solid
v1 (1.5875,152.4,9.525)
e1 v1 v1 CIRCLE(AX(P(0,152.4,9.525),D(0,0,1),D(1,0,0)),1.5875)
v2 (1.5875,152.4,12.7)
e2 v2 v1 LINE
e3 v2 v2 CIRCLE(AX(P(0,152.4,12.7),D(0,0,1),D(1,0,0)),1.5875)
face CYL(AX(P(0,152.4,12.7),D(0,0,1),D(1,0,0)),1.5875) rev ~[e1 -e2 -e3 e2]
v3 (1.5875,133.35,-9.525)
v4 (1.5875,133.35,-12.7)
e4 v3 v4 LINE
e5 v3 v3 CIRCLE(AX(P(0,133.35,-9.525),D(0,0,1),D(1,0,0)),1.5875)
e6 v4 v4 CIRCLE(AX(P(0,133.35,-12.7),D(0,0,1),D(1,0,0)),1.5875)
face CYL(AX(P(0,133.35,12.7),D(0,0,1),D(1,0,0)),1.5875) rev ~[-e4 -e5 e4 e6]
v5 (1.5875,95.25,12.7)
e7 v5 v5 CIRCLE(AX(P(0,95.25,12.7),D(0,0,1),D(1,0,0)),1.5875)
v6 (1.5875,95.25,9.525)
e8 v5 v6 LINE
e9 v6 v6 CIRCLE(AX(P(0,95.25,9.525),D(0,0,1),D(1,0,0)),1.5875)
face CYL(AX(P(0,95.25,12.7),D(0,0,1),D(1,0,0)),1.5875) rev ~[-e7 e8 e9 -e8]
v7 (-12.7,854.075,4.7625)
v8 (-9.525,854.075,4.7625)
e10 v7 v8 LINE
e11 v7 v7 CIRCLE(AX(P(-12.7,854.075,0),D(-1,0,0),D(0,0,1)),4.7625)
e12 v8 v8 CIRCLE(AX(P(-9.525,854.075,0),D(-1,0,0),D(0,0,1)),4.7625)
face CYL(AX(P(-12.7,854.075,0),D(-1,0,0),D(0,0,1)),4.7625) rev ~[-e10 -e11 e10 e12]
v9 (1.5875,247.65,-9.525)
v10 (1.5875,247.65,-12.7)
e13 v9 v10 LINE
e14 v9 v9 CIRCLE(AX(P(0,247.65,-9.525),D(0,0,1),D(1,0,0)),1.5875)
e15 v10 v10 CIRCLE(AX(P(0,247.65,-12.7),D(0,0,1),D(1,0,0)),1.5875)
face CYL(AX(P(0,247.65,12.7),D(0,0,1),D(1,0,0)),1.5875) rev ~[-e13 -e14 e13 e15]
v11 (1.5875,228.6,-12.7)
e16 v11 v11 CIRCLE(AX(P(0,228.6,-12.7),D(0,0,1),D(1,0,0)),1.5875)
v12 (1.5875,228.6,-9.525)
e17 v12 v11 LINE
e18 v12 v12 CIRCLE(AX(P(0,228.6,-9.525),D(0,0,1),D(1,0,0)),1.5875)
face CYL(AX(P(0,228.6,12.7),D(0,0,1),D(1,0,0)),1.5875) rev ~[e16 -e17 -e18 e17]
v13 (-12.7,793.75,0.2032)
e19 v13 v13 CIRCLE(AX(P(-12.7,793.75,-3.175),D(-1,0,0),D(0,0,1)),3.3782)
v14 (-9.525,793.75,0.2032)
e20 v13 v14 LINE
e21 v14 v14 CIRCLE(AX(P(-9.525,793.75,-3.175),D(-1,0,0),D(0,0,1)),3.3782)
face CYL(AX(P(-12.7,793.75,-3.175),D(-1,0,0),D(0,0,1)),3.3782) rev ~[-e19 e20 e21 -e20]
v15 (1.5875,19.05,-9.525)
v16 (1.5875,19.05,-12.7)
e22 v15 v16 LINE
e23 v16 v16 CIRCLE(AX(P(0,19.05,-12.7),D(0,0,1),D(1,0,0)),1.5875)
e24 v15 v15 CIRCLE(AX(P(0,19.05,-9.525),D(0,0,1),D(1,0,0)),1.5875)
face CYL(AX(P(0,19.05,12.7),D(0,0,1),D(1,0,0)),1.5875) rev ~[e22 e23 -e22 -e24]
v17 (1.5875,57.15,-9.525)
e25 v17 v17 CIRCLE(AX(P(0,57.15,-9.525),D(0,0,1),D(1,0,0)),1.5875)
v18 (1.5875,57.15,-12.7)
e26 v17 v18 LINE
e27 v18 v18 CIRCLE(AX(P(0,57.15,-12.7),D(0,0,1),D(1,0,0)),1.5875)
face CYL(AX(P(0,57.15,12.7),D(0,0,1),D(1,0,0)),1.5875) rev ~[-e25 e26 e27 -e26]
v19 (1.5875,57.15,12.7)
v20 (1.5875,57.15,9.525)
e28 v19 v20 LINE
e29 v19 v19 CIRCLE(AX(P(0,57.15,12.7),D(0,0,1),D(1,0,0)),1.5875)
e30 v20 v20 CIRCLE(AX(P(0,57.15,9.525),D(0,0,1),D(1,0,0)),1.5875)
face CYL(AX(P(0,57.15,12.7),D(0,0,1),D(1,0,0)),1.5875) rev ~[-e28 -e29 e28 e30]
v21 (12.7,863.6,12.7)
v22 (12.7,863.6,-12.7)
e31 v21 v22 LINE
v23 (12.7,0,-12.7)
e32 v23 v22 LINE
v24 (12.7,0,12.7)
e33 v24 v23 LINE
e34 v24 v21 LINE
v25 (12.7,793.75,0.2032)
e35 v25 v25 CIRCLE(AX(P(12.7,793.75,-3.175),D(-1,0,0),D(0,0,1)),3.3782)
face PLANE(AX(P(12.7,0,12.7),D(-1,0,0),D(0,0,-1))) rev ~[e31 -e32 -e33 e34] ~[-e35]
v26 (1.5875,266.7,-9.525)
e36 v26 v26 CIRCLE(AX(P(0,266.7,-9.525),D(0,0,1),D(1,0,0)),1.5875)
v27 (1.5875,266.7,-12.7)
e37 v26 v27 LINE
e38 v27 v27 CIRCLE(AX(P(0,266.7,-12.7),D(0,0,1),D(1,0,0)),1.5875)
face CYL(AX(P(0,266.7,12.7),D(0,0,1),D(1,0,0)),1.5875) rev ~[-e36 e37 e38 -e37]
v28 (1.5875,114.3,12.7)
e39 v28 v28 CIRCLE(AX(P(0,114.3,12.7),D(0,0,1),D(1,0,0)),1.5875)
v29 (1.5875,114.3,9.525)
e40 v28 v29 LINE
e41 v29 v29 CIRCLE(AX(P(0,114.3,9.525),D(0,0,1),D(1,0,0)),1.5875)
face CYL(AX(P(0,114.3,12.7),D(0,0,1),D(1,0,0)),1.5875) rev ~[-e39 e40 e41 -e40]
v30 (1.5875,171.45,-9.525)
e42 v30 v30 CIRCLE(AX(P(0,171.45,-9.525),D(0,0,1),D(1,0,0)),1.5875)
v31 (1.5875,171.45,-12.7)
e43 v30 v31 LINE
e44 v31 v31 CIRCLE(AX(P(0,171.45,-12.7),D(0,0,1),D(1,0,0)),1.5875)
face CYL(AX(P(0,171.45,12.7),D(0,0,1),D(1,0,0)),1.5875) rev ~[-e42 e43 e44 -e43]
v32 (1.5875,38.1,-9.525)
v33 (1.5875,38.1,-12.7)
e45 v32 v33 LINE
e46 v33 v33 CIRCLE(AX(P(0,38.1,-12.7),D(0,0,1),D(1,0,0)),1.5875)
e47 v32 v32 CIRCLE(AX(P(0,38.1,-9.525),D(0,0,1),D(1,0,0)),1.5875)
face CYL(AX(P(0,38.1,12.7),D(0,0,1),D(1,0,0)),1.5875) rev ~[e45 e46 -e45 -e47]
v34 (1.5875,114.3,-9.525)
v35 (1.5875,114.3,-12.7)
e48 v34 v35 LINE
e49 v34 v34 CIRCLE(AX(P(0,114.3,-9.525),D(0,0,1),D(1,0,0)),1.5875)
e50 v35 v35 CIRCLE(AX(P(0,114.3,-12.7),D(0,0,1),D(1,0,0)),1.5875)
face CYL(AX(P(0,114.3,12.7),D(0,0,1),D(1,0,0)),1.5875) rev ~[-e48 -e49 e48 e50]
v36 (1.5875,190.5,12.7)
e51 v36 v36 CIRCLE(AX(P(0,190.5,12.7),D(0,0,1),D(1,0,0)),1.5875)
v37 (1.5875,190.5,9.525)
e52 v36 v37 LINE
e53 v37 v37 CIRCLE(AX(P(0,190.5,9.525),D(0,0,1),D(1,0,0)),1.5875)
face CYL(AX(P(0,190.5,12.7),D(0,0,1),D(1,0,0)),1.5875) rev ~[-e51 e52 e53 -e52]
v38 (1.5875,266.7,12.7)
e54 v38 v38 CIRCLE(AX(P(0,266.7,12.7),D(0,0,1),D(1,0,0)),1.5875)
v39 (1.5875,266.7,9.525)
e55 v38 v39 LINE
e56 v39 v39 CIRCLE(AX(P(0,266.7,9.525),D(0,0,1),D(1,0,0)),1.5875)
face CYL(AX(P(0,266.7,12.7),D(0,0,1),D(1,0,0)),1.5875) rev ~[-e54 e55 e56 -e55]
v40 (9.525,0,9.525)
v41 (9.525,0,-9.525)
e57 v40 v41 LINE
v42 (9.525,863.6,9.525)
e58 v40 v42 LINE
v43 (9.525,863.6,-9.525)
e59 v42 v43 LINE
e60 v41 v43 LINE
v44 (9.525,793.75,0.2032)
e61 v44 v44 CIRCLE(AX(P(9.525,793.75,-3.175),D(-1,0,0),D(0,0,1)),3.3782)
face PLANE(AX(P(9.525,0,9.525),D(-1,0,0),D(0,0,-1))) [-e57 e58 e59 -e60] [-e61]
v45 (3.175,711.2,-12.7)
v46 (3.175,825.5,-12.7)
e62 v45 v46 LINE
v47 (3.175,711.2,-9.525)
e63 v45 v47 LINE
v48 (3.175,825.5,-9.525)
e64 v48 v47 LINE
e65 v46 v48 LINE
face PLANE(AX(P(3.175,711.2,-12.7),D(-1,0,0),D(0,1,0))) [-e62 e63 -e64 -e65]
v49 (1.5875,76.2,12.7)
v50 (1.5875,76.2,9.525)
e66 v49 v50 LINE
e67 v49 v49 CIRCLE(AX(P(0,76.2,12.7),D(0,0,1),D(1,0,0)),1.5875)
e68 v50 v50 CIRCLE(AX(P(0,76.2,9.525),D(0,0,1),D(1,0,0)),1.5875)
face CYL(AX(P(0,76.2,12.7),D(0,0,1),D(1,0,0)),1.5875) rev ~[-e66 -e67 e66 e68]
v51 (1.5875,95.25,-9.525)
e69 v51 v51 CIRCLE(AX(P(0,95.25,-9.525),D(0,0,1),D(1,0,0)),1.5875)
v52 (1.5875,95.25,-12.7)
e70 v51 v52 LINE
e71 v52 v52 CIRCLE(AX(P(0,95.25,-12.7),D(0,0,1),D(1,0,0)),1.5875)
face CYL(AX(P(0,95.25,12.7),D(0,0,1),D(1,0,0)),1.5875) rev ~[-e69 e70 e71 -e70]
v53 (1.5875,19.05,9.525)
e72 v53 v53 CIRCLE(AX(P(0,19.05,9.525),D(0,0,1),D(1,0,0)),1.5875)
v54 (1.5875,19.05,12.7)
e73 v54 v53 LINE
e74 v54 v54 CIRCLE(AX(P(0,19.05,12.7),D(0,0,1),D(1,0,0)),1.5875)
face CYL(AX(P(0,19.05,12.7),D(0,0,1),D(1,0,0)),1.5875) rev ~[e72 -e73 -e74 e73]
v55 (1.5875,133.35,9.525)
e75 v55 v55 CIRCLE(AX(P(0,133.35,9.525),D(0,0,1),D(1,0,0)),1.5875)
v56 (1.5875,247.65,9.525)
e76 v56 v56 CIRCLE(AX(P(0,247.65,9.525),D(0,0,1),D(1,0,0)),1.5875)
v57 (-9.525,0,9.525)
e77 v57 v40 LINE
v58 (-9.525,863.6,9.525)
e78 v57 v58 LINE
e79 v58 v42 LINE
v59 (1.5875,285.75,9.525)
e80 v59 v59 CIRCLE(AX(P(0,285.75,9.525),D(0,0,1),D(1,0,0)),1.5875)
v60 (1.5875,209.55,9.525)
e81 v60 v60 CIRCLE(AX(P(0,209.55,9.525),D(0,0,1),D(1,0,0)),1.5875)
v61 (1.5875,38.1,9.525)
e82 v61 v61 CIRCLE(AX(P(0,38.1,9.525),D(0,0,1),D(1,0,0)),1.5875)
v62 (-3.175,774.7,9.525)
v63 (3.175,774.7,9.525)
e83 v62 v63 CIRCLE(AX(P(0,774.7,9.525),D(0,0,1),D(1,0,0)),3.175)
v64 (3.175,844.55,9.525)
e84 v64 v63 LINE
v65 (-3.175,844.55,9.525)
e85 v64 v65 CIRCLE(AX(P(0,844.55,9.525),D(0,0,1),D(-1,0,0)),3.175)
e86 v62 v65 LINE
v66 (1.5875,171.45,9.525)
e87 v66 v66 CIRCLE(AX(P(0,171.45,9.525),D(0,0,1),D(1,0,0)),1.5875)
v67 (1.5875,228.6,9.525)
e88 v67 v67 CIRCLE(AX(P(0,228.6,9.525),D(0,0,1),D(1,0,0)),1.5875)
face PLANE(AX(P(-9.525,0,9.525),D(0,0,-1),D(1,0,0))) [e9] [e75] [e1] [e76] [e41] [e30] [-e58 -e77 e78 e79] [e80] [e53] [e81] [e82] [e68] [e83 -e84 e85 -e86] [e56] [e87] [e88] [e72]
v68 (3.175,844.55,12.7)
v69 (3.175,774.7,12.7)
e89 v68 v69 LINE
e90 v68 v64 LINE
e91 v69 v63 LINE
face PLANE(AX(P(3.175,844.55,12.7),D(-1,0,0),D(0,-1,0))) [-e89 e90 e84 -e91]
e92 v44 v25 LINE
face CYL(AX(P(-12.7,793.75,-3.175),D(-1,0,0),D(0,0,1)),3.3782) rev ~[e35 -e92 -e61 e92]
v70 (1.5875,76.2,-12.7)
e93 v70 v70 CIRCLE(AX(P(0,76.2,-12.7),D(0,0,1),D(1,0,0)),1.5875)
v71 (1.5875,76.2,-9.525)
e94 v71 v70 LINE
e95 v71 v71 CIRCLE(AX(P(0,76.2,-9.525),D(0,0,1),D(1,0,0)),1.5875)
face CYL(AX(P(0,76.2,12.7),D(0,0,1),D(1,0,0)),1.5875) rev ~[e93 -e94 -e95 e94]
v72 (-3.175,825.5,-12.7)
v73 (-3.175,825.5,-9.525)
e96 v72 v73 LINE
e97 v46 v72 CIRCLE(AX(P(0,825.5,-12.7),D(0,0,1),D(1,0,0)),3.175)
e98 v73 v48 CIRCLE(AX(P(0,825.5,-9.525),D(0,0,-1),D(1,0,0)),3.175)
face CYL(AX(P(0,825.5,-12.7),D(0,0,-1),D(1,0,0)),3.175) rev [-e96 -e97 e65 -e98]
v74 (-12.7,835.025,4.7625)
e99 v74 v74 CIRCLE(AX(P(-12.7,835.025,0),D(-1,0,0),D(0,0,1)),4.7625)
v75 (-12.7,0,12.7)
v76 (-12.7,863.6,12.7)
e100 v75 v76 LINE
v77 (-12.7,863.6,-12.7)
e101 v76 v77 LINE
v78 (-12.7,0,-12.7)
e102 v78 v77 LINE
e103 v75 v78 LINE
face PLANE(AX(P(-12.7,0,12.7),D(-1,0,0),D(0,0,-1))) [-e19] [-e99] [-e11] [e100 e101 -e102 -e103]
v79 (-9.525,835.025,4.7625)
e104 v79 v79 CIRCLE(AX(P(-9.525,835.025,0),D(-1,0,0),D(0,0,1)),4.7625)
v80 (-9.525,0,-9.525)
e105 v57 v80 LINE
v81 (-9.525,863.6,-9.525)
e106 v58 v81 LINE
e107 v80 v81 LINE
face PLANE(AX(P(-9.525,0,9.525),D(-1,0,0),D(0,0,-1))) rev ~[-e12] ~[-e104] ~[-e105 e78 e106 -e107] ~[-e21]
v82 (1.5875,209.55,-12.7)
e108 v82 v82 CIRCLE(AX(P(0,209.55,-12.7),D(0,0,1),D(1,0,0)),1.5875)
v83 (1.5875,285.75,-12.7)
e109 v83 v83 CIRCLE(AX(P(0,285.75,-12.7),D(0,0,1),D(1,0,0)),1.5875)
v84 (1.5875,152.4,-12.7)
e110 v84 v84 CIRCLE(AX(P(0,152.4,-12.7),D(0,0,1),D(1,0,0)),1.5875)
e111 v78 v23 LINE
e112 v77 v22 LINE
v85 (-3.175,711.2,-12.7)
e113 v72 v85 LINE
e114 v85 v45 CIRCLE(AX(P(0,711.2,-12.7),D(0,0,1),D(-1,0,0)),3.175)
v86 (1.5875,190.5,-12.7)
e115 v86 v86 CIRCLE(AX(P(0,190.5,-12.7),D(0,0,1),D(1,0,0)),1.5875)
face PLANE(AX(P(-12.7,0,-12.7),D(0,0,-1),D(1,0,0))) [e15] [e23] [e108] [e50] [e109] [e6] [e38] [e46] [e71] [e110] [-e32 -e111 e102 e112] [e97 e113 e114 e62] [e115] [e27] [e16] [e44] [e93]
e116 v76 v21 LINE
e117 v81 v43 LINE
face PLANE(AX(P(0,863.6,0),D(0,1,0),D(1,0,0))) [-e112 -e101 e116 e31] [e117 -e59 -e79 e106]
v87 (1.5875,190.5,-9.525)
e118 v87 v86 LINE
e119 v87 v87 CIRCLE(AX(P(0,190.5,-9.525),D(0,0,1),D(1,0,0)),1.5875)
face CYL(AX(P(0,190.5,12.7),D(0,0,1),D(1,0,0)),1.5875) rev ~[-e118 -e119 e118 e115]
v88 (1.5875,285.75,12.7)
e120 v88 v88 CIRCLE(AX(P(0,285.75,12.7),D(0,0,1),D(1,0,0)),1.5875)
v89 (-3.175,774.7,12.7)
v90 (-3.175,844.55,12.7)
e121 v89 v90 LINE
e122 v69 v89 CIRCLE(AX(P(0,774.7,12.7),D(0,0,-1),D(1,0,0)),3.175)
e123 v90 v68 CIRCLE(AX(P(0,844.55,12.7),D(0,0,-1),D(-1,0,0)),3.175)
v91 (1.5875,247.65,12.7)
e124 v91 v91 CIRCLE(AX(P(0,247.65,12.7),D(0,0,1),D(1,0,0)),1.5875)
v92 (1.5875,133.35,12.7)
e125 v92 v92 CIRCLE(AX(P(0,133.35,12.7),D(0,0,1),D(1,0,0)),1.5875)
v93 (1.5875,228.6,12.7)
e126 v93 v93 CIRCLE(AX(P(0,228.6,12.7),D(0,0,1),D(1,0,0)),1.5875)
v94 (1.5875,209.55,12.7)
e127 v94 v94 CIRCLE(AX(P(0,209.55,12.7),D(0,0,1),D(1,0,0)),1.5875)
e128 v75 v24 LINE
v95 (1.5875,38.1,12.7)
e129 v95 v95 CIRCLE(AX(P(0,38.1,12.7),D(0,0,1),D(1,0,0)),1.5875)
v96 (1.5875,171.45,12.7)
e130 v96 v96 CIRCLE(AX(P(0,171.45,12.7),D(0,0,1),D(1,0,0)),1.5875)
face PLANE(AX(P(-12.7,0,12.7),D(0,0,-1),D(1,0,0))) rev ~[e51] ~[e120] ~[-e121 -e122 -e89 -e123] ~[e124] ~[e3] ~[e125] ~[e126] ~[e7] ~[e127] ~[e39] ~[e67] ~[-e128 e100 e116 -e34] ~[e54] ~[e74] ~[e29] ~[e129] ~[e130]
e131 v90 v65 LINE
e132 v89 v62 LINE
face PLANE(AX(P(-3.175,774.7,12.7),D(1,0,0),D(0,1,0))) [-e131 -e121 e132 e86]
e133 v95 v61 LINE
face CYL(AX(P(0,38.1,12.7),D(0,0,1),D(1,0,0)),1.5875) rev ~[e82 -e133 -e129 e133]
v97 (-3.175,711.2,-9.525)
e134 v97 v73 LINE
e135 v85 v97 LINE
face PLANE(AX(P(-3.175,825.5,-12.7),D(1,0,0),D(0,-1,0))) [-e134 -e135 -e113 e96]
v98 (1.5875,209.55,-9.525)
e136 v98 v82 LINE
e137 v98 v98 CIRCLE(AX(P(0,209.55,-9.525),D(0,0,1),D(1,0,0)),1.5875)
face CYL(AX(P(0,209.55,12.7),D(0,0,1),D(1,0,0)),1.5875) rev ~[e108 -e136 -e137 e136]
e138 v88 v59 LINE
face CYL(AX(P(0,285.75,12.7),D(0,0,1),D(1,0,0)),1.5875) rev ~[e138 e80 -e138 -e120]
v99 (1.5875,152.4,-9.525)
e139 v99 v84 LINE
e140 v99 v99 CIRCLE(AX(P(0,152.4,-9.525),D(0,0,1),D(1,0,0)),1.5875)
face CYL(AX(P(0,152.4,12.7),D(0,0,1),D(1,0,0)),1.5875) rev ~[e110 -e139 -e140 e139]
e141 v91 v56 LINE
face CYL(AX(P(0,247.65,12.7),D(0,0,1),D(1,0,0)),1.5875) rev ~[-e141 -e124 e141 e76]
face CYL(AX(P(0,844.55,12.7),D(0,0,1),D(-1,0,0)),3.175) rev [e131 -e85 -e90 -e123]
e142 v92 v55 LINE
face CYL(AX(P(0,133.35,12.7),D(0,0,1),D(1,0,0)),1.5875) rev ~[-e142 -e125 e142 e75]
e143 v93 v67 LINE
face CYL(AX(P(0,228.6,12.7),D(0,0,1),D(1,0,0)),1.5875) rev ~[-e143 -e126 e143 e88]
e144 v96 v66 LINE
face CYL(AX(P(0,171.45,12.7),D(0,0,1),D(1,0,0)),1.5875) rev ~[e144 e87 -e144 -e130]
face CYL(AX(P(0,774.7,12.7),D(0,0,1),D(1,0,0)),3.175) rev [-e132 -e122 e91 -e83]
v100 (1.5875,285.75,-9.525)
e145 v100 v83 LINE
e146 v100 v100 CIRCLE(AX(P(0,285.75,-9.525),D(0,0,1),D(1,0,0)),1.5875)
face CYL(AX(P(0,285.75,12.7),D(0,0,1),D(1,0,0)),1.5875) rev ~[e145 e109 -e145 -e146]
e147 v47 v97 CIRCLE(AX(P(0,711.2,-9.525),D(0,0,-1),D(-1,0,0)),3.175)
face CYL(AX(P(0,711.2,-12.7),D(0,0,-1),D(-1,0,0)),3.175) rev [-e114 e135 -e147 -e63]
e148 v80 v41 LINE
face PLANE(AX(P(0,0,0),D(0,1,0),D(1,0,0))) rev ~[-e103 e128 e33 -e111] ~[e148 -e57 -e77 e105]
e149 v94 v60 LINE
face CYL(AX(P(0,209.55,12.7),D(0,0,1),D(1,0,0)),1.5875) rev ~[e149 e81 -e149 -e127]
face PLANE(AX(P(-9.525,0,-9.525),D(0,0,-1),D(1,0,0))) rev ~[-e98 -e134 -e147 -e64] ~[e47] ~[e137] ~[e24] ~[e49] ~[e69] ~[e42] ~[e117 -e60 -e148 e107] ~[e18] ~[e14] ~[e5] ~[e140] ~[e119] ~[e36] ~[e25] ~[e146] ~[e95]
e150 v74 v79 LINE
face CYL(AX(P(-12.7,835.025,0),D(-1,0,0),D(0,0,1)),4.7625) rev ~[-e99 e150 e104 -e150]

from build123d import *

# Parameters (mm, degrees)
SKETCH1_W           = 25.4
SKETCH1_H           = 25.4
SKETCH1_W_2         = 19.05
SKETCH1_H_2         = 19.05
BOSS_EXTRUDE1_DEPTH = 863.6
CUT_EXTRUDE1_REACH  = 866.067
CUT_EXTRUDE2_REACH  = 866.067
SKETCH4_R           = 3.3782
CUT_EXTRUDE3_DEPTH  = 865.066785613
CUT_EXTRUDE4_REACH  = 866.067
SKETCH5_R           = 4.7625
SKETCH6_R           = 1.5875
CUT_EXTRUDE5_DEPTH  = 865.066785613


with BuildPart() as part:
    # Sketch1 → Boss-Extrude1 (new body)
    with BuildSketch(Plane(origin=(0, 0, 0), x_dir=(1, 0, 0), z_dir=(0, 1, 0))):
        Rectangle(SKETCH1_W, SKETCH1_H)
        Rectangle(SKETCH1_W_2, SKETCH1_H_2, mode=Mode.SUBTRACT)
    extrude(amount=BOSS_EXTRUDE1_DEPTH)

    # Sketch2 → Cut-Extrude1 (cut, up to next)
    with BuildSketch(Plane(origin=(0, 0, -12.7), x_dir=(-1, 0, 0), z_dir=(0, 0, -1)), mode=Mode.PRIVATE) as cut_extrude1_sk1:
        with BuildLine():
            Line((-3.175, 711.2), (-3.175, 825.5))
            ThreePointArc((-3.175, 825.5), (0, 828.675), (3.175, 825.5))
            Line((3.175, 825.5), (3.175, 711.2))
            ThreePointArc((3.175, 711.2), (0, 708.025), (-3.175, 711.2))
        make_face()
    cut_extrude1_tool1 = extrude(cut_extrude1_sk1.sketch, amount=-CUT_EXTRUDE1_REACH, mode=Mode.PRIVATE) & part.part
    add(cut_extrude1_tool1.solids().sort_by_distance((0, 768.35, -12.7))[0], mode=Mode.SUBTRACT)

    # Sketch3 → Cut-Extrude2 (cut, up to next)
    with BuildSketch(Plane.XY.offset(12.7), mode=Mode.PRIVATE) as cut_extrude2_sk1:
        with BuildLine():
            Line((3.175, 844.55), (3.175, 774.7))
            ThreePointArc((3.175, 774.7), (0, 771.525), (-3.175, 774.7))
            Line((-3.175, 774.7), (-3.175, 844.55))
            ThreePointArc((-3.175, 844.55), (0, 847.725), (3.175, 844.55))
        make_face()
    cut_extrude2_tool1 = extrude(cut_extrude2_sk1.sketch, amount=-CUT_EXTRUDE2_REACH, mode=Mode.PRIVATE) & part.part
    add(cut_extrude2_tool1.solids().sort_by_distance((0, 809.625, 12.7))[0], mode=Mode.SUBTRACT)

    # Sketch4 → Cut-Extrude3 (cut, through all)
    with BuildSketch(Plane.ZY.offset(12.7)):
        with Locations((-3.175, 793.75)):
            Circle(SKETCH4_R)
    extrude(amount=-CUT_EXTRUDE3_DEPTH, mode=Mode.SUBTRACT)

    # Sketch5 → Cut-Extrude4 (cut, up to next)
    with BuildSketch(Plane.ZY.offset(12.7), mode=Mode.PRIVATE) as cut_extrude4_sk1:
        with Locations((0, 854.075)):
            Circle(SKETCH5_R)
    cut_extrude4_tool1 = extrude(cut_extrude4_sk1.sketch, amount=-CUT_EXTRUDE4_REACH, mode=Mode.PRIVATE) & part.part
    # Sketch5 → Cut-Extrude4 (cut, up to next)
    with BuildSketch(Plane.ZY.offset(12.7), mode=Mode.PRIVATE) as cut_extrude4_sk2:
        with Locations((0, 835.025)):
            Circle(SKETCH5_R)
    cut_extrude4_tool2 = extrude(cut_extrude4_sk2.sketch, amount=-CUT_EXTRUDE4_REACH, mode=Mode.PRIVATE) & part.part
    add(cut_extrude4_tool1.solids().sort_by_distance((-12.7, 854.075, 0))[0], mode=Mode.SUBTRACT)
    add(cut_extrude4_tool2.solids().sort_by_distance((-12.7, 835.025, 0))[0], mode=Mode.SUBTRACT)

    # Sketch6 → Cut-Extrude5 (cut, through all)
    with BuildSketch(Plane.XY.offset(12.7)):
        with Locations((0, 19.05)):
            Circle(SKETCH6_R)
        with Locations((0, 38.1)):
            Circle(SKETCH6_R)
        with Locations((0, 57.15)):
            Circle(SKETCH6_R)
        with Locations((0, 76.2)):
            Circle(SKETCH6_R)
        with Locations((0, 95.25)):
            Circle(SKETCH6_R)
        with Locations((0, 114.3)):
            Circle(SKETCH6_R)
        with Locations((0, 133.35)):
            Circle(SKETCH6_R)
        with Locations((0, 152.4)):
            Circle(SKETCH6_R)
        with Locations((0, 171.45)):
            Circle(SKETCH6_R)
        with Locations((0, 190.5)):
            Circle(SKETCH6_R)
        with Locations((0, 209.55)):
            Circle(SKETCH6_R)
        with Locations((0, 228.6)):
            Circle(SKETCH6_R)
        with Locations((0, 247.65)):
            Circle(SKETCH6_R)
        with Locations((0, 266.7)):
            Circle(SKETCH6_R)
        with Locations((0, 285.75)):
            Circle(SKETCH6_R)
    extrude(amount=-CUT_EXTRUDE5_DEPTH, mode=Mode.SUBTRACT)


solid = part.part
